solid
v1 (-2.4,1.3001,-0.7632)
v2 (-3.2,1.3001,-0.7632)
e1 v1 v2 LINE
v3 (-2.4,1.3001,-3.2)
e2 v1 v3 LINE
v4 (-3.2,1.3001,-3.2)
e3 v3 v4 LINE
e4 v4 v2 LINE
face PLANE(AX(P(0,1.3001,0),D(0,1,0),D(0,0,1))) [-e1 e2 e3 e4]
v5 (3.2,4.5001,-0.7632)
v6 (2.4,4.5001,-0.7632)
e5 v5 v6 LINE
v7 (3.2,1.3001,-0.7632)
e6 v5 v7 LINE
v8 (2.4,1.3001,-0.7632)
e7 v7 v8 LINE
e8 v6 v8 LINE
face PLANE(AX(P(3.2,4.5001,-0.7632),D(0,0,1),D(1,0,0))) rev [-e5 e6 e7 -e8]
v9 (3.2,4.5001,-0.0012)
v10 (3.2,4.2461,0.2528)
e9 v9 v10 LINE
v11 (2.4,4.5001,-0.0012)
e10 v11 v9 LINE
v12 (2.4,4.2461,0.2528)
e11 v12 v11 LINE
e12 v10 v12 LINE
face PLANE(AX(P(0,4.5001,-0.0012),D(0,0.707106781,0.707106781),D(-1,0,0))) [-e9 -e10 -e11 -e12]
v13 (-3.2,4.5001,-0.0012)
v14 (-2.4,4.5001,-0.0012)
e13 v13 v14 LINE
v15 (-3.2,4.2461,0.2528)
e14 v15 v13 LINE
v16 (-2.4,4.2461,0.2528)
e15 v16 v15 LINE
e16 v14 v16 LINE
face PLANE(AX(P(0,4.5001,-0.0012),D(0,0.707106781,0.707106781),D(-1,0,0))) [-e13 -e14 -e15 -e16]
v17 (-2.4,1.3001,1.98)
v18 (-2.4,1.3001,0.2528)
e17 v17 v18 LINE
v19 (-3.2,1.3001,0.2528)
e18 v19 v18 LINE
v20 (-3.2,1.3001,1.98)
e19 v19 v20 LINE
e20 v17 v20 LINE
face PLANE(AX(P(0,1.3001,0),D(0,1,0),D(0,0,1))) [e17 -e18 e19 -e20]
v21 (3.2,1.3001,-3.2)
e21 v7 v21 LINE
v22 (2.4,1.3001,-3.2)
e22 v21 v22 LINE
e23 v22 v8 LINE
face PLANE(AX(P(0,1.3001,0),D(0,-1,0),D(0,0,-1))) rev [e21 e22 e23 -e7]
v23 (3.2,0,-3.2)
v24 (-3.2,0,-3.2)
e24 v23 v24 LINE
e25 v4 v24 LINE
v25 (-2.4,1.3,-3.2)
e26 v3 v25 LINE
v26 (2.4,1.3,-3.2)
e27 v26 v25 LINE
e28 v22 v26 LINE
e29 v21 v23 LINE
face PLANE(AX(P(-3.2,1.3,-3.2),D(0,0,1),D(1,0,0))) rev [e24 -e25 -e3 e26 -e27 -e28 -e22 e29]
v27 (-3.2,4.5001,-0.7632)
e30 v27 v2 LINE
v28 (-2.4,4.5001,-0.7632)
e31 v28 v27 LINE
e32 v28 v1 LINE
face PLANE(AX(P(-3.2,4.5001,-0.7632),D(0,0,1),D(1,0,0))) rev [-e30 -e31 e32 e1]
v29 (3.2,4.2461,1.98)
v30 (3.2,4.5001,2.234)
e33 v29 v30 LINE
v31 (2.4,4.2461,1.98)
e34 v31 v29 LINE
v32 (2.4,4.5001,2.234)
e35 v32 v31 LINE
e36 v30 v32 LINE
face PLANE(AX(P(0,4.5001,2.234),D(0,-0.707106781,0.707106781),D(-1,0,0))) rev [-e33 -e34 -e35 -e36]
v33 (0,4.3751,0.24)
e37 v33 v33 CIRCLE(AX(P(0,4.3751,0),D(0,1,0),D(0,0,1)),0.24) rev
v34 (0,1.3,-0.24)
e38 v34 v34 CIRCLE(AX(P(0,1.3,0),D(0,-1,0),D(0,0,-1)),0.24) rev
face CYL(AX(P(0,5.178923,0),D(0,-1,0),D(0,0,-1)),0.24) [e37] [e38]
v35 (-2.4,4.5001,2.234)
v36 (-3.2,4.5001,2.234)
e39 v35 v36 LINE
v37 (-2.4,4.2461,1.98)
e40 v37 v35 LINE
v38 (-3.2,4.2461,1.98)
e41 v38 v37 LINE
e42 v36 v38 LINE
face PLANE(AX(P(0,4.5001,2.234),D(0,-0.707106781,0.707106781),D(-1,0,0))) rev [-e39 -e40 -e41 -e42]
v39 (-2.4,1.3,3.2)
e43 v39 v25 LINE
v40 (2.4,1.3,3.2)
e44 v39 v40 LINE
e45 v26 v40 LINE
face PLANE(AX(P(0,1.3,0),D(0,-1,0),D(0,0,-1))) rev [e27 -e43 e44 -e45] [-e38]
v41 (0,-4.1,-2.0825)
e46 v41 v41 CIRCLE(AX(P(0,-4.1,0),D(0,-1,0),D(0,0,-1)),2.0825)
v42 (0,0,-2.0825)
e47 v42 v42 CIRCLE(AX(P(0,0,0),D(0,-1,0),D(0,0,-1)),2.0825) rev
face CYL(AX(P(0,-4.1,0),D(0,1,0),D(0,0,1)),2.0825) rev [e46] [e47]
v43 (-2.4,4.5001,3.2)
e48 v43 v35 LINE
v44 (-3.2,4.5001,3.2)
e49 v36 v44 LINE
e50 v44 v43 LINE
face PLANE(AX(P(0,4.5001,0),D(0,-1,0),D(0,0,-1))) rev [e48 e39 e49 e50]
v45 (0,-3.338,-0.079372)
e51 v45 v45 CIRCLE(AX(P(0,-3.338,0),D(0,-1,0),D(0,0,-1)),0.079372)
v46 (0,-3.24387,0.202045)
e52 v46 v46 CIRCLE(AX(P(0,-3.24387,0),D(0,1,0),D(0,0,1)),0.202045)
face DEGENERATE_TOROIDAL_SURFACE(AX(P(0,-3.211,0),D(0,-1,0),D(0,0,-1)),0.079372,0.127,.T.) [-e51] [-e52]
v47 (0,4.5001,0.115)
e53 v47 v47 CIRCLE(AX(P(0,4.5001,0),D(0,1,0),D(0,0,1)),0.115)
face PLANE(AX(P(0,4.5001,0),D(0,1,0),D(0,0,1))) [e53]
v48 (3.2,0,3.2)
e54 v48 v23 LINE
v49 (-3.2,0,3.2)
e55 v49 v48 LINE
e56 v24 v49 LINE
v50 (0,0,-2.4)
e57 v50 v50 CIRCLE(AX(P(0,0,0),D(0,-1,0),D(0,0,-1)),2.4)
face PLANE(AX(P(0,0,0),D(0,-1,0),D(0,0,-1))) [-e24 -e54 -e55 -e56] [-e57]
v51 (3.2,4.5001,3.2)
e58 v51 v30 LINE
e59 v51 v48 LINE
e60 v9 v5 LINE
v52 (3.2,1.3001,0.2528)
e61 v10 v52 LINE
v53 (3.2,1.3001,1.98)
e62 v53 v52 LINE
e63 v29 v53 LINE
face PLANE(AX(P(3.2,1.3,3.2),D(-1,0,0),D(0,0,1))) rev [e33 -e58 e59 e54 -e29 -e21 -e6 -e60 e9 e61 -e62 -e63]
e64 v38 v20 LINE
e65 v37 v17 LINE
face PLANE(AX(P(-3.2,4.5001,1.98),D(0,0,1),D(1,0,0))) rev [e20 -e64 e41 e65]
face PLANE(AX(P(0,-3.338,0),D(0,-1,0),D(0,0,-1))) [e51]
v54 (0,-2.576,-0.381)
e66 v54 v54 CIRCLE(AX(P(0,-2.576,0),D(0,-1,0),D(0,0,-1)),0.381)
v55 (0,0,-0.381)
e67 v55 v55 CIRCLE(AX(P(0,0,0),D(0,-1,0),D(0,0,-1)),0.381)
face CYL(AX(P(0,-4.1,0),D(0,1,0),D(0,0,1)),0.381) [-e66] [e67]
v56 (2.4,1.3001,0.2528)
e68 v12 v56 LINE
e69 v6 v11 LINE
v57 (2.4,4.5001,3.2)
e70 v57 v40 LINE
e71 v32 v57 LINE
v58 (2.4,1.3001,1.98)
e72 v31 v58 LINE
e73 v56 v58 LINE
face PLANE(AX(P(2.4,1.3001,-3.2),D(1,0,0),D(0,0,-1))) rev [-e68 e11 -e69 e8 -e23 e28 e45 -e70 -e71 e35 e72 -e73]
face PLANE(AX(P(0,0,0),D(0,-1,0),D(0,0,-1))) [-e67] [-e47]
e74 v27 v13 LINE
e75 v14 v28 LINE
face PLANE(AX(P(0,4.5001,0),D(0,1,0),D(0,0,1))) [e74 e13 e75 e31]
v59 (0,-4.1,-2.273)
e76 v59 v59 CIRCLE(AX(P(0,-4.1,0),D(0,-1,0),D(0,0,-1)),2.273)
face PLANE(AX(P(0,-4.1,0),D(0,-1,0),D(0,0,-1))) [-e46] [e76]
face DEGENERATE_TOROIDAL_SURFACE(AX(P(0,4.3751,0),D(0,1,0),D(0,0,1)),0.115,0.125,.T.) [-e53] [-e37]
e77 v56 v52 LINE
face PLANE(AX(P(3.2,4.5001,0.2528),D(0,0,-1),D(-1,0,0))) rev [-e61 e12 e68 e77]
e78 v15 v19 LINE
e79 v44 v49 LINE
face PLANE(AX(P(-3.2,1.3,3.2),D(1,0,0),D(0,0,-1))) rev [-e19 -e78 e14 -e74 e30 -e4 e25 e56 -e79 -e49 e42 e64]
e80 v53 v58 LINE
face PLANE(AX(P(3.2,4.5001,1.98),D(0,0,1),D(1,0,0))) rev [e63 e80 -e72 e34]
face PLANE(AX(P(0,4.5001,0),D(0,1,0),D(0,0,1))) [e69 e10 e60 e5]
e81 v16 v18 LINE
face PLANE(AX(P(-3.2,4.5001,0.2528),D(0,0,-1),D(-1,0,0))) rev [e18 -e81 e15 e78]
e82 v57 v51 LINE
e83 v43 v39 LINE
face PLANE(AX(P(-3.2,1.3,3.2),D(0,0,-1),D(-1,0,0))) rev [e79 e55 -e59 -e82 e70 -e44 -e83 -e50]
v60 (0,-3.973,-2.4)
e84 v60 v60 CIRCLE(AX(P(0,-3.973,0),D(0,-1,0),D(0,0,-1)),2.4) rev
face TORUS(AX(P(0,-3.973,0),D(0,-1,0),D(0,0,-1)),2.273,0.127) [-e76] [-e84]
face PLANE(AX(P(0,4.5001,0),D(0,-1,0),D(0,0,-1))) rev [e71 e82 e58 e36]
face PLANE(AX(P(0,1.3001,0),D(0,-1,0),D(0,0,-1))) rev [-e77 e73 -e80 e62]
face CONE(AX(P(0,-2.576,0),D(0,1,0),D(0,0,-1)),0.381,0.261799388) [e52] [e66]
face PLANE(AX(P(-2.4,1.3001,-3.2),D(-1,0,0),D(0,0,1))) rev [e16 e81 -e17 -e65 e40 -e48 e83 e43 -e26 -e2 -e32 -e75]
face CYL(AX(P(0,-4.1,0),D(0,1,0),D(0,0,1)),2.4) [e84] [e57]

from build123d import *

# Parameters (mm, degrees)
SKETCH1_W           = 6.4
SKETCH1_H           = 6.4
BOSS_EXTRUDE1_DEPTH = 1.3
SKETCH2_W           = 0.8
SKETCH2_H           = 6.4
BOSS_EXTRUDE2_DEPTH = 0.0001
SKETCH3_W           = 0.8
SKETCH3_H           = 1.22
SKETCH3_H_2         = 1.016
BOSS_EXTRUDE3_DEPTH = 3.2
CHAMFER1_SIZE       = 0.254
SKETCH4_R           = 0.24
BOSS_EXTRUDE4_DEPTH = 3.2001
FILLET1_R           = 0.125
SKETCH5_R           = 2.4
SKETCH5_R_2         = 2.0825
SKETCH5_R_3         = 0.381
BOSS_EXTRUDE5_DEPTH = 4.1
CUT_EXTRUDE1_START  = -1.524
SKETCH7_R           = 0.381
CUT_EXTRUDE1_DEPTH  = 1.524
SKETCH8_R           = 0.381
BOSS_EXTRUDE6_DEPTH = 0.762
BOSS_EXTRUDE6_TAPER = 15
FILLET2_R           = 0.127
FILLET3_R           = 0.127


with BuildPart() as part:
    # Sketch1 → Boss-Extrude1 (new body)
    with BuildSketch(Plane(origin=(0, 0, 0), x_dir=(1, 0, 0), z_dir=(0, 1, 0))):
        Rectangle(SKETCH1_W, SKETCH1_H)
    extrude(amount=BOSS_EXTRUDE1_DEPTH)

    # Sketch2 → Boss-Extrude2 (add)
    with BuildSketch(Plane(origin=(0, 1.3, 0), x_dir=(1, 0, 0), z_dir=(0, 1, 0))):
        with Locations((-2.8, 0)):
            Rectangle(SKETCH2_W, SKETCH2_H)
        with Locations((2.8, 0)):
            Rectangle(SKETCH2_W, SKETCH2_H)
    extrude(amount=BOSS_EXTRUDE2_DEPTH)

    # Sketch3 → Boss-Extrude3 (add)
    with BuildSketch(Plane(origin=(0, 1.3001, 0), x_dir=(1, 0, 0), z_dir=(0, 1, 0))):
        with Locations((-2.8, -2.59)):
            Rectangle(SKETCH3_W, SKETCH3_H)
        with Locations((-2.8, 0.2552)):
            Rectangle(SKETCH3_W, SKETCH3_H_2)
        with Locations((2.8, 0.2552)):
            Rectangle(SKETCH3_W, SKETCH3_H_2)
        with Locations((2.8, -2.59)):
            Rectangle(SKETCH3_W, SKETCH3_H)
    extrude(amount=BOSS_EXTRUDE3_DEPTH)

    # Chamfer1
    chamfer1_edges = [part.edges().sort_by_distance(p)[0] for p in [
        (-2.8, 4.5001, 1.98),
        (-2.8, 4.5001, 0.2528),
        (2.8, 4.5001, 0.2528),
        (2.8, 4.5001, 1.98),
    ]]
    chamfer(chamfer1_edges, length=CHAMFER1_SIZE)

    # Sketch4 → Boss-Extrude4 (add)
    with BuildSketch(Plane(origin=(0, 1.3, 0), x_dir=(1, 0, 0), z_dir=(0, 1, 0))):
        with Locations(Location((0, 0, 0), (0, 0, 90))):
            Circle(SKETCH4_R)
    extrude(amount=BOSS_EXTRUDE4_DEPTH)

    # Fillet1
    fillet1_edges = [part.edges().sort_by_distance(p)[0] for p in [
        (0, 4.5001, 0.24),
    ]]
    fillet(fillet1_edges, radius=FILLET1_R)

    # Sketch5 → Boss-Extrude5 (add)
    # profile 1 of 2: a face of its own
    with BuildSketch(Plane.XZ):
        with Locations(Location((0, 0, 0), (0, 0, 270))):
            Circle(SKETCH5_R)
        with Locations(Location((0, 0, 0), (0, 0, 270))):
            Circle(SKETCH5_R_2, mode=Mode.SUBTRACT)
    # profile 2 of 2: a face of its own
    with BuildSketch(Plane.XZ):
        with Locations(Location((0, 0, 0), (0, 0, 270))):
            Circle(SKETCH5_R_3)
    extrude(amount=BOSS_EXTRUDE5_DEPTH)

    # Sketch7 → Cut-Extrude1 (cut)
    with BuildSketch(Plane.XZ.offset(4.1).offset(CUT_EXTRUDE1_START)):
        with Locations(Location((0, 0, 0), (0, 0, 270))):
            Circle(SKETCH7_R)
    extrude(amount=CUT_EXTRUDE1_DEPTH, mode=Mode.SUBTRACT)

    # Sketch8 → Boss-Extrude6 (add)
    with BuildSketch(Plane.XZ.offset(2.576)):
        with Locations(Location((0, 0, 0), (0, 0, 270))):
            Circle(SKETCH8_R)
    extrude(amount=BOSS_EXTRUDE6_DEPTH, taper=BOSS_EXTRUDE6_TAPER)

    # Fillet2
    fillet2_edges = [part.edges().sort_by_distance(p)[0] for p in [
        (0, -3.338, 0.176822715),
    ]]
    fillet(fillet2_edges, radius=FILLET2_R)

    # Fillet3
    fillet3_edges = [part.edges().sort_by_distance(p)[0] for p in [
        (0, -4.1, 2.4),
    ]]
    fillet(fillet3_edges, radius=FILLET3_R)


solid = part.part
